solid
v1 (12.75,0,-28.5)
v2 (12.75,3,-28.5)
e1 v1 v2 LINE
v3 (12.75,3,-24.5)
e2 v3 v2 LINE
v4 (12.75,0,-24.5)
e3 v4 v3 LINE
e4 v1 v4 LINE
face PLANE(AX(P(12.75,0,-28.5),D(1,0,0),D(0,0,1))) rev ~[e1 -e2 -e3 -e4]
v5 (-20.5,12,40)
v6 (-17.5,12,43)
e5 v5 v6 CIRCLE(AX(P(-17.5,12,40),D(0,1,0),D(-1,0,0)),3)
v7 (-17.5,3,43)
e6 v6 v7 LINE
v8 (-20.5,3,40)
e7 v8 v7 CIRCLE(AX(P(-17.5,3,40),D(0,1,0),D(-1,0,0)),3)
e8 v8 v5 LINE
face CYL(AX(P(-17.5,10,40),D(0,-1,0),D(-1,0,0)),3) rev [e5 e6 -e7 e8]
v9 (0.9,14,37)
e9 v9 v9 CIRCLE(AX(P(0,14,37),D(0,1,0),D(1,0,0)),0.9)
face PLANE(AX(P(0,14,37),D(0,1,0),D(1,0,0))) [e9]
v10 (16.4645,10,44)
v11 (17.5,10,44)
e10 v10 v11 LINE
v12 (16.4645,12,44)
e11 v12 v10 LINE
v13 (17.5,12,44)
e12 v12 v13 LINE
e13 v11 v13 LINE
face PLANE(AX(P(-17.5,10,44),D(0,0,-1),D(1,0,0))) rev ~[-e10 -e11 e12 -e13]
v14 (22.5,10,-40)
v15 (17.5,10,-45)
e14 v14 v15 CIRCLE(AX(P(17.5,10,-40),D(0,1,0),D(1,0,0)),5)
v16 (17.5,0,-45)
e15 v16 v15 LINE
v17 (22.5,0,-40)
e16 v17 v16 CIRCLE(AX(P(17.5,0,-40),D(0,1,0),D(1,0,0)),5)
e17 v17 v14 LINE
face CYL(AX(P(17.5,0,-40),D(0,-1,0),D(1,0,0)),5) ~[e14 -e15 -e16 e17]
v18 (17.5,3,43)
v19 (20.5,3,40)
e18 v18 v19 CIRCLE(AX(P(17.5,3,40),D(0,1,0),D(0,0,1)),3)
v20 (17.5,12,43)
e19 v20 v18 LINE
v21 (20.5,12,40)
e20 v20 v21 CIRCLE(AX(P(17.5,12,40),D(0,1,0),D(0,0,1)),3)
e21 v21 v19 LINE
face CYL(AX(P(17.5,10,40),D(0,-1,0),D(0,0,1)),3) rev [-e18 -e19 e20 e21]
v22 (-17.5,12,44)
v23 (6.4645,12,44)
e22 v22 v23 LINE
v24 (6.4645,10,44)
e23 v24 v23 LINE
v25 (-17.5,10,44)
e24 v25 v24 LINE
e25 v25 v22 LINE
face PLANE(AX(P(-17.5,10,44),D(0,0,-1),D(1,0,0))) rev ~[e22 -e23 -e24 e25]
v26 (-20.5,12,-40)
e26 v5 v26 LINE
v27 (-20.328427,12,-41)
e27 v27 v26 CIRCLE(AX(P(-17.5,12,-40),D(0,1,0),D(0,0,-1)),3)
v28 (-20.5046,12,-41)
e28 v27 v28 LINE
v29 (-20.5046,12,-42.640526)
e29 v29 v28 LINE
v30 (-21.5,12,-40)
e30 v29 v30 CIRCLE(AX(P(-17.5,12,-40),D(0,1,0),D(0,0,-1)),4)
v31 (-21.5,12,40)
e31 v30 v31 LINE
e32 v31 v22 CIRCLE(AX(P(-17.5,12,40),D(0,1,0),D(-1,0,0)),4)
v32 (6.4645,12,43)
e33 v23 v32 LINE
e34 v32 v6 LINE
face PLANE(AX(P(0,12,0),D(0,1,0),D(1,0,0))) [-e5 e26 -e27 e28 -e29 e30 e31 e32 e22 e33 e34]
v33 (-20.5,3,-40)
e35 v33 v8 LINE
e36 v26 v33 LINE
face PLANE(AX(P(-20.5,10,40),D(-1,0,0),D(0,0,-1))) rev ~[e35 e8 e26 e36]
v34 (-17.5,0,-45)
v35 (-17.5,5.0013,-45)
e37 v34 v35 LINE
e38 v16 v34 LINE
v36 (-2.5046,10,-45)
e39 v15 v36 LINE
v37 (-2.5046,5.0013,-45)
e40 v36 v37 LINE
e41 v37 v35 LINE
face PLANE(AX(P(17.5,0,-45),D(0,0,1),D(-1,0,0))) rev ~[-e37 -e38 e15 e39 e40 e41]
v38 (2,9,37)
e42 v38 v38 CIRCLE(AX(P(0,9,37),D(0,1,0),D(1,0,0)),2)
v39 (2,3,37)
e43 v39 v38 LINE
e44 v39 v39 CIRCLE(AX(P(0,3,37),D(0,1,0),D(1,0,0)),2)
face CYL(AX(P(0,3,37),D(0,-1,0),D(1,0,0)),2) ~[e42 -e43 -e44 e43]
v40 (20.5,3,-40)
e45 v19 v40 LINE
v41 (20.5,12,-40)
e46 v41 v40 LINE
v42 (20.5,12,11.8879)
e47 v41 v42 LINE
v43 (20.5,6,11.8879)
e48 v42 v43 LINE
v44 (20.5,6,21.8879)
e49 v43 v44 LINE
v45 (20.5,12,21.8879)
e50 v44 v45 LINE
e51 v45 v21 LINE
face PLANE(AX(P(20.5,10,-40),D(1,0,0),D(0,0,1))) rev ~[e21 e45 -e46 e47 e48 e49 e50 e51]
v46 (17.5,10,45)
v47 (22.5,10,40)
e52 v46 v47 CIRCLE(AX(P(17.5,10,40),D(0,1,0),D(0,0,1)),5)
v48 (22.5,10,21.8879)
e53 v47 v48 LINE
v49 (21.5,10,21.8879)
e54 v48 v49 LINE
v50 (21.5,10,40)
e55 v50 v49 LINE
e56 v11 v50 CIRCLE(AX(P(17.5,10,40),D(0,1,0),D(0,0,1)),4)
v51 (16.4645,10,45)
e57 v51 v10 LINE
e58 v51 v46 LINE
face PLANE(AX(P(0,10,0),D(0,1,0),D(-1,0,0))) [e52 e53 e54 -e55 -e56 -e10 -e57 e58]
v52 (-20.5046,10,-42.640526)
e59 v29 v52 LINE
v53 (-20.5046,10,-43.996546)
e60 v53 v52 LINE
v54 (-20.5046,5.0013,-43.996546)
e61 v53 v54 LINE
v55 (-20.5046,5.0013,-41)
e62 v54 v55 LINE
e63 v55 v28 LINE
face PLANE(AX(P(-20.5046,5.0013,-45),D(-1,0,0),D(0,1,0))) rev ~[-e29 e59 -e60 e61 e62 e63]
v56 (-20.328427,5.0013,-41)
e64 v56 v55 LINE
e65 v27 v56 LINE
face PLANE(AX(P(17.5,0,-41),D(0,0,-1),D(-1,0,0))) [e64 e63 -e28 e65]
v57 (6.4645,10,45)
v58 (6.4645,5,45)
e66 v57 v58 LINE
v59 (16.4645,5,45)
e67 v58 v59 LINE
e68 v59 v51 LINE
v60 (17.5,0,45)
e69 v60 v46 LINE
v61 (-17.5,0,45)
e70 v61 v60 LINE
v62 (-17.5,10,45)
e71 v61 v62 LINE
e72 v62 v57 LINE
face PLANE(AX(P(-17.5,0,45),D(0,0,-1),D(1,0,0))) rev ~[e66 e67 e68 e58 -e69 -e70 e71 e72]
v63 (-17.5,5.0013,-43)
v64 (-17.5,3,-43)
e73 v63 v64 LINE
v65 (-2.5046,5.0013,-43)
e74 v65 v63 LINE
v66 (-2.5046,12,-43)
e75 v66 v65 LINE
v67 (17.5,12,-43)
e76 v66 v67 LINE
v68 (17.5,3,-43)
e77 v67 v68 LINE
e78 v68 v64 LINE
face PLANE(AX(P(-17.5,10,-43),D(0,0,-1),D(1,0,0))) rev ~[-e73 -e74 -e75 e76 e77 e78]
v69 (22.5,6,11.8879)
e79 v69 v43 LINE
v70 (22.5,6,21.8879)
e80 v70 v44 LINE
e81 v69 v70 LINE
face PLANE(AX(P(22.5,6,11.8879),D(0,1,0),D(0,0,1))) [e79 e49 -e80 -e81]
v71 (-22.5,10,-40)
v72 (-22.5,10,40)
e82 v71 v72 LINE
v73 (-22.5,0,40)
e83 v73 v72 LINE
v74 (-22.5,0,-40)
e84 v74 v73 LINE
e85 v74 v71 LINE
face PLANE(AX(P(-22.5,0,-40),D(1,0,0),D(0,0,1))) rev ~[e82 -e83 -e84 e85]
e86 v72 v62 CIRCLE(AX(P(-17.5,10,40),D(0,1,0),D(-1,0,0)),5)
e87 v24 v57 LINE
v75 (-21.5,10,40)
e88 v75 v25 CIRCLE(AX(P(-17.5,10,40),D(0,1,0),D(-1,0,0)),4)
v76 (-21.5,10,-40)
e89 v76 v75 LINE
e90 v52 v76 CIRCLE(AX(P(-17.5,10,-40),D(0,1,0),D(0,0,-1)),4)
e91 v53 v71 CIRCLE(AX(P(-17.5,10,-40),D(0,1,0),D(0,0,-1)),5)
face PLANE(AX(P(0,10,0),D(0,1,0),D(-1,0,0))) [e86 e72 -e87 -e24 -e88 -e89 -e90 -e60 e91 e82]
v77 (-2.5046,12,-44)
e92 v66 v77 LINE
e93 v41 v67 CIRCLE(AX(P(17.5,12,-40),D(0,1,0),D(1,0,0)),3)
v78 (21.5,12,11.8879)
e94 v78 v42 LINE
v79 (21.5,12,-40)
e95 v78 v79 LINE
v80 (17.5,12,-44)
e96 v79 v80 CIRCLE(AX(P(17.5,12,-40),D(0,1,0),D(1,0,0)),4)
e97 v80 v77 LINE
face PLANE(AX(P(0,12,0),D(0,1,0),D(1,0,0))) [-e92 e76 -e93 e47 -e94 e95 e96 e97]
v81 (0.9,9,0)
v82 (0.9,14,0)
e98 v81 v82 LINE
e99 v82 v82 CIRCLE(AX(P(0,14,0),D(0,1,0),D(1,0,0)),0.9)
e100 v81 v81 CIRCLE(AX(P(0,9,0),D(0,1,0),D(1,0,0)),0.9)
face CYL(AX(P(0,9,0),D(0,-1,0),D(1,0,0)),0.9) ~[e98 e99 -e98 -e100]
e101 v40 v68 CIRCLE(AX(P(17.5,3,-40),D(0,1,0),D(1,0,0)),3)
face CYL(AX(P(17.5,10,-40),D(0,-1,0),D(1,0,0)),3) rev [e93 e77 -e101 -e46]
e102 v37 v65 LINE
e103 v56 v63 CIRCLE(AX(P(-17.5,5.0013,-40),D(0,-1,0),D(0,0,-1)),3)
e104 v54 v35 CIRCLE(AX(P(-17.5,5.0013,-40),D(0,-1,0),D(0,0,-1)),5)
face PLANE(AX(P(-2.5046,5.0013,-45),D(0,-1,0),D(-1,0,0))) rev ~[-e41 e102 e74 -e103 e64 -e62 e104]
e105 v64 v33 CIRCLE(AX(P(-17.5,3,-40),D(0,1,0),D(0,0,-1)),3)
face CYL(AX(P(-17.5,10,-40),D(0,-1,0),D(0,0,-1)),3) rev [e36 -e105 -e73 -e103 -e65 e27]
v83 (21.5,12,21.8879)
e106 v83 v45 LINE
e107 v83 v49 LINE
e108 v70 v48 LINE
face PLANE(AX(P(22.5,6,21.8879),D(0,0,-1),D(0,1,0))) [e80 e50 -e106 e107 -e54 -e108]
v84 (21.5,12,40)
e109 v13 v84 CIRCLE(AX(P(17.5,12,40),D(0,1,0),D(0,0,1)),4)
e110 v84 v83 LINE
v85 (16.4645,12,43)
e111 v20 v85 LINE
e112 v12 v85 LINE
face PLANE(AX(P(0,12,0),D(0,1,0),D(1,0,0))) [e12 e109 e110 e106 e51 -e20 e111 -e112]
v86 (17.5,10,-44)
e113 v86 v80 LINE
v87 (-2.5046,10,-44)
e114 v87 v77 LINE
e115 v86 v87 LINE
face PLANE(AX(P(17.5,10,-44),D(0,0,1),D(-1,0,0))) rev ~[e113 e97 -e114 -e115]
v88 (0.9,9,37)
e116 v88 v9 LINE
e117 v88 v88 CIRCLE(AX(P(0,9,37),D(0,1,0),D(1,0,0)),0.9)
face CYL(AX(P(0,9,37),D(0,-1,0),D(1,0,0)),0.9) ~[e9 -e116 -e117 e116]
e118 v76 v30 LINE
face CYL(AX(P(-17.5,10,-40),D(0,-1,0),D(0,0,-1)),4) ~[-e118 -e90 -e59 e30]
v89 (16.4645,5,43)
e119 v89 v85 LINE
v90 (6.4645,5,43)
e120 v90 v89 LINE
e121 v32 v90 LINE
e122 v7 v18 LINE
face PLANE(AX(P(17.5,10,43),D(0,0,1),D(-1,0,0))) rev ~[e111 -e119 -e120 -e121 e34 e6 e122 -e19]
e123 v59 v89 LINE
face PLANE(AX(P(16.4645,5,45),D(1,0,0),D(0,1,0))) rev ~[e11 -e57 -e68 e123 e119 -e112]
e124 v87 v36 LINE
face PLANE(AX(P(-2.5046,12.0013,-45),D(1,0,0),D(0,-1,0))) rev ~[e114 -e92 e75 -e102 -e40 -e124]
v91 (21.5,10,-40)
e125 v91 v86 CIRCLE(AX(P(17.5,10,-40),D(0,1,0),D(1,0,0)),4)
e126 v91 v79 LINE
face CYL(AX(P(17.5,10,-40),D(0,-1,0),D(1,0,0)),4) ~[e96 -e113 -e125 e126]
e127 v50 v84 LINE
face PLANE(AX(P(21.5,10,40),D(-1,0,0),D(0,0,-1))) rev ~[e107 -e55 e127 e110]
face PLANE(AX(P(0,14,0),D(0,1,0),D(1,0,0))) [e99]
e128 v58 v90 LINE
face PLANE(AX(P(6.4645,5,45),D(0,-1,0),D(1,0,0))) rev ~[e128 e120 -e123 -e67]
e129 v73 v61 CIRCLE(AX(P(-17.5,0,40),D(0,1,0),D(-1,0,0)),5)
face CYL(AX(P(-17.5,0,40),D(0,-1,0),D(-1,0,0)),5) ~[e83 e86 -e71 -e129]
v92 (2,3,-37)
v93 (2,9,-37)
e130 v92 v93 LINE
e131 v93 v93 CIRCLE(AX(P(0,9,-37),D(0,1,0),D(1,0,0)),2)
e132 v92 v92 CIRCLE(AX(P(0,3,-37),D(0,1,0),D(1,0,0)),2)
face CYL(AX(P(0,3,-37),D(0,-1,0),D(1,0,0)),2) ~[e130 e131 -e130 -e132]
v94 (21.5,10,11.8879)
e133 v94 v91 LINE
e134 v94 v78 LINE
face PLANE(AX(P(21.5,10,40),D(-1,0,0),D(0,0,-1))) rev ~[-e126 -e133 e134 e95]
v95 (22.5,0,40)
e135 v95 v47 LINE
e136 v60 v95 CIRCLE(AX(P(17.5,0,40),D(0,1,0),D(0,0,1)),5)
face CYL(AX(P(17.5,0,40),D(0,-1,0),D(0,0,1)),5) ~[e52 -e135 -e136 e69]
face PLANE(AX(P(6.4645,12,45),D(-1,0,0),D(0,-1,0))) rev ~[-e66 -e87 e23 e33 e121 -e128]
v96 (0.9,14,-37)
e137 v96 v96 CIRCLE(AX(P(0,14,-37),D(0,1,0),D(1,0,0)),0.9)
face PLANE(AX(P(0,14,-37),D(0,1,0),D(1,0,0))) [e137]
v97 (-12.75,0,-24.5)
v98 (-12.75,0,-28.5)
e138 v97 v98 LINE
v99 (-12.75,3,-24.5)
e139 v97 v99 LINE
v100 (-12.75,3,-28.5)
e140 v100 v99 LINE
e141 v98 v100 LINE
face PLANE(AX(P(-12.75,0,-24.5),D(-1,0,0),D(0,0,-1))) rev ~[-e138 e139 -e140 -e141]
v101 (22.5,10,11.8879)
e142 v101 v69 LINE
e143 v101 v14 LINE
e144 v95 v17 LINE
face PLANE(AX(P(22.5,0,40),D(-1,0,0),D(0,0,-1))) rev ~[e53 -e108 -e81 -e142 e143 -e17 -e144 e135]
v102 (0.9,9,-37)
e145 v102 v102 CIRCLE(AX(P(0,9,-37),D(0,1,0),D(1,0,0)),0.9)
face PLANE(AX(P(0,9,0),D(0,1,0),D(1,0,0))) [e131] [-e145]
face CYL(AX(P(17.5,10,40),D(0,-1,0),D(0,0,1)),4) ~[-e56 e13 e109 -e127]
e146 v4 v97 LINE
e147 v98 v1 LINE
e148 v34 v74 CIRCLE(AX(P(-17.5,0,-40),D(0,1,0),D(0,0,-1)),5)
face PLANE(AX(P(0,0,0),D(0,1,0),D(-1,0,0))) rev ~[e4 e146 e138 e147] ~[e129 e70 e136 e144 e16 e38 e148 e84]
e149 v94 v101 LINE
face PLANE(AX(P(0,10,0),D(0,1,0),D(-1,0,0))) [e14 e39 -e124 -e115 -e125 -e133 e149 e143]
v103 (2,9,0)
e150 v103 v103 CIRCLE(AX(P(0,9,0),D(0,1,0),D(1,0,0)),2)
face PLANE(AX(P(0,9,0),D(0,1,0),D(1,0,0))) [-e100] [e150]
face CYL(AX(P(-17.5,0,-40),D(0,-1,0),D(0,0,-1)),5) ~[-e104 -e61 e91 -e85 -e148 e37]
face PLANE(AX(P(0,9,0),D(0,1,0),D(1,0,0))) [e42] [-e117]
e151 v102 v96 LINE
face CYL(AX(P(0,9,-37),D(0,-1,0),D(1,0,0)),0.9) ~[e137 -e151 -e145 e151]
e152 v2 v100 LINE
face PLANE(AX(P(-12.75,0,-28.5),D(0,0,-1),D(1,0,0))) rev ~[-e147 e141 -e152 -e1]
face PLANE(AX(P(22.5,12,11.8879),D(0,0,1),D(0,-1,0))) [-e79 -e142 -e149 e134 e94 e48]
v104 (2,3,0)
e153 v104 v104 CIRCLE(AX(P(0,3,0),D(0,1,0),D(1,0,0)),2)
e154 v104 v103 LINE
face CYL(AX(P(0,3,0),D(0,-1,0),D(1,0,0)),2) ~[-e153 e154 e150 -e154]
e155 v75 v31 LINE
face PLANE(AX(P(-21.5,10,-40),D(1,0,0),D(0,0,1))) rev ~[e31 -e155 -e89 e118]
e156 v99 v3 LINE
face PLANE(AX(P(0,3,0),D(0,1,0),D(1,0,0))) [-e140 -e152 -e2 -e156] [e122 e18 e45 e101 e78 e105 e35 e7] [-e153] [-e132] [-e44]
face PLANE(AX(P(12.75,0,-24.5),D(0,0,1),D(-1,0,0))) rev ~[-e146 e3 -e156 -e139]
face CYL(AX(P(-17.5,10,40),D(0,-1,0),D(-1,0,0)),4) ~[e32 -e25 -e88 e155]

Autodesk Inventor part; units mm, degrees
ref_plane "YZ Plane" through (0, 0, 0) normal (1, 0, 0) x (0, 1, 0)
ref_plane "XZ Plane" through (0, 0, 0) normal (0, 1, 0) x (-1, 0, 0)
ref_plane "XY Plane" through (0, 0, 0) normal (0, 0, 1) x (1, 0, 0)
sketch "Boceto1" plane through (0, 0, 0) normal (0, 1, 0) x (-1, 0, 0)
  line L0 (17.5, 45) -> (-17.5, 45)
  line L1 (-22.5, 40) -> (-22.5, -40)
  line L2 (-17.5, -45) -> (17.5, -45)
  line L3 (22.5, -40) -> (22.5, 40)
  line L4 (22.5, 45) -> (-22.5, -45) construction
  line L5 (-22.5, 45) -> (22.5, -45) construction
  arc A0 (22.5, 40) -> (17.5, 45) centre (17.5, 40) ccw
  arc A1 (-17.5, 45) -> (-22.5, 40) centre (-17.5, 40) ccw
  arc A2 (-22.5, -40) -> (-17.5, -45) centre (-17.5, -40) ccw
  arc A3 (17.5, -45) -> (22.5, -40) centre (17.5, -40) ccw
  point P0 (0, 0)
  dimension "d0" = 45
  dimension "d1" = 90
  dimension "d2" = 5
extrude "Extrusión1" add sketch "Boceto1" along normal blind 10
sketch "Boceto3" plane through (0, 10, 0) normal (0, 1, 0) x (1, 0, 0)
  line L0 (17.5, 43) -> (-17.5, 43) projected
  arc A0 (-17.5, 43) -> (-20.5, 40) centre (-17.5, 40) ccw projected
  line L1 (-20.5, 40) -> (-20.5, -40) projected
  arc A1 (-20.5, -40) -> (-17.5, -43) centre (-17.5, -40) ccw projected
  line L2 (-17.5, -43) -> (17.5, -43) projected
  arc A2 (17.5, -43) -> (20.5, -40) centre (17.5, -40) ccw projected
  line L3 (20.5, -40) -> (20.5, 40) projected
  arc A3 (20.5, 40) -> (17.5, 43) centre (17.5, 40) ccw projected
  point P0 (0, 0)
extrude "Extrusión3" cut sketch "Boceto3" against normal blind 7
sketch "Boceto5" plane through (0, 3, 0) normal (0, 1, 0) x (1, 0, 0)
  circle A0 centre (0, 0) radius 2
  dimension "d21" = 4
extrude "Extrusión5" add sketch "Boceto5" along normal blind 6
sketch "Boceto6" plane through (0, 9, 0) normal (0, 1, 0) x (1, 0, 0)
  circle A0 centre (0, 0) radius 2 projected
  circle A1 centre (0, 0) radius 0.9
  dimension "d24" = 1.8
extrude "Extrusión6" add sketch "Boceto6" along normal blind 5 contours A1
sketch "Boceto7" plane through (0, 10, 0) normal (0, 1, 0) x (1, 0, 0)
  line L0 (-20.5, -40) -> (-20.5, 40) projected
  arc A0 (-17.5, 43) -> (-20.5, 40) centre (-17.5, 40) ccw projected
  line L1 (-17.5, 43) -> (17.5, 43) projected
  arc A1 (20.5, 40) -> (17.5, 43) centre (17.5, 40) ccw projected
  line L2 (20.5, 40) -> (20.5, -40) projected
  arc A2 (17.5, -43) -> (20.5, -40) centre (17.5, -40) ccw projected
  line L3 (17.5, -43) -> (-17.5, -43) projected
  arc A3 (-20.5, -40) -> (-17.5, -43) centre (-17.5, -40) ccw projected
  arc A4 (17.5, -45) -> (22.5, -40) centre (17.5, -40) ccw projected
  line L4 (22.5, -40) -> (22.5, 40) projected
  arc A5 (22.5, 40) -> (17.5, 45) centre (17.5, 40) ccw projected
  line L5 (17.5, 45) -> (-17.5, 45) projected
  arc A6 (-17.5, 45) -> (-22.5, 40) centre (-17.5, 40) ccw projected
  line L6 (-22.5, 40) -> (-22.5, -40) projected
  arc A7 (-22.5, -40) -> (-17.5, -45) centre (-17.5, -40) ccw projected
  line L7 (-17.5, -45) -> (17.5, -45) projected
  line L8 (-17.5, -44) -> (17.5, -44)
  arc A8 (17.5, -44) -> (21.5, -40) centre (17.5, -40) ccw
  line L9 (21.5, -40) -> (21.5, 40)
  arc A9 (21.5, 40) -> (17.5, 44) centre (17.5, 40) ccw
  line L10 (17.5, 44) -> (-17.5, 44)
  arc A10 (-17.5, 44) -> (-21.5, 40) centre (-17.5, 40) ccw
  line L11 (-21.5, 40) -> (-21.5, -40)
  arc A11 (-21.5, -40) -> (-17.5, -44) centre (-17.5, -40) ccw
  point P0 (0, 0)
  dimension "d27" = 1
extrude "Extrusión7" add sketch "Boceto7" along normal blind 2 contours A11 L11 A10 L10 A9 L9 A8 L8
sketch "Boceto8" plane through (0, 3, 0) normal (0, 1, 0) x (1, 0, 0)
  line L0 (17.5, -43) -> (-17.5, -43) construction
  line L1 (0, -43) -> (0, -37) construction
  line L2 (-17.5, 43) -> (17.5, 43) construction
  line L3 (0, 43) -> (0, 37) construction
  circle A0 centre (0, -37) radius 2
  circle A1 centre (0, -37) radius 1.5
  circle A2 centre (0, 37) radius 2
  circle A3 centre (0, 37) radius 1.5
  point P0 (0, 0)
  dimension "d30" = 6
  dimension "d31" = 6
  dimension "d32" = 4
  dimension "d33" = 3
  dimension "d34" = 4
  dimension "d35" = 3
extrude "Extrusión8" add sketch "Boceto8" along normal blind 6 contours A0 | A1 | A2 | A3
sketch "Boceto9" plane through (0, 0, 0) normal (0, -1, 0) x (1, 0, 0)
  line L0 (0, -28.5) -> (23, -28.5) construction
  line L1 (0, -28.5) -> (0, -24.5) construction
  line L2 (12.75, -24.5) -> (-12.75, -24.5)
  line L3 (-12.75, -24.5) -> (-12.75, -28.5)
  line L4 (-12.75, -28.5) -> (12.75, -28.5)
  line L5 (12.75, -28.5) -> (12.75, -24.5)
  line L6 (12.75, -24.5) -> (-12.75, -28.5) construction
  line L7 (-12.75, -24.5) -> (12.75, -28.5) construction
  point P0 (0, 0)
  point P1 (0, -26.5)
  dimension "d38" = 4
  dimension "d39" = 25.5
extrude "Extrusión9" cut sketch "Boceto9" against normal blind 10
sketch "Sketch10" plane through (0, 9, -37) normal (0, 1, 0) x (1, 0, 0)
  circle A0 centre (0, 0) radius 0.9
  point P0 (0, -37)
  dimension "d42" = 1.8
extrude "Extrusion10" add sketch "Sketch10" along normal blind 5
sketch "Sketch11" plane through (0, 9, 37) normal (0, 1, 0) x (1, 0, 0)
  circle A0 centre (0, 0) radius 0.9
  point P0 (0, 37)
  dimension "d45" = 1.8
extrude "Extrusion11" add sketch "Sketch11" along normal blind 5
sketch "Sketch15" plane through (17.5, 0, -45) normal (0, 0, -1) x (-1, 0, 0)
  line L0 (38.0046, 12.0013) -> (20.0046, 12.0013)
  line L1 (20.0046, 12.0013) -> (20.0046, 5.0013)
  line L2 (20.0046, 5.0013) -> (38.0046, 5.0013)
  line L3 (38.0046, 5.0013) -> (38.0046, 12.0013)
  point P0 (17.5, 0)
  dimension "d50" = 18
  dimension "d51" = 7
extrude "Extrusion12" cut sketch "Sketch15" against normal blind 4
sketch "Sketch17" plane through (22.5, 0, 40) normal (1, 0, 0) x (0, 0, -1)
  line L0 (0, 12) -> (80, 12) projected
  line L1 (18.1121, 12) -> (28.1121, 12)
  line L2 (28.1121, 12) -> (28.1121, 6)
  line L3 (28.1121, 6) -> (18.1121, 6)
  line L4 (18.1121, 6) -> (18.1121, 12)
  point P0 (40, 0)
  dimension "d56" = 10
  dimension "d57" = 6
extrude "Extrusion13" cut sketch "Sketch17" against normal blind 4
sketch "Sketch18" plane through (-17.5, 0, 45) normal (0, 0, 1) x (1, 0, 0)
  line L0 (33.9645, 12) -> (23.9645, 12)
  line L1 (23.9645, 12) -> (23.9645, 5)
  line L2 (23.9645, 5) -> (33.9645, 5)
  line L3 (33.9645, 5) -> (33.9645, 12)
  point P0 (17.5, 0)
  dimension "d60" = 10
  dimension "d61" = 7
extrude "Extrusion14" cut sketch "Sketch18" against normal blind 4
properties part number "Pieza_superior"
